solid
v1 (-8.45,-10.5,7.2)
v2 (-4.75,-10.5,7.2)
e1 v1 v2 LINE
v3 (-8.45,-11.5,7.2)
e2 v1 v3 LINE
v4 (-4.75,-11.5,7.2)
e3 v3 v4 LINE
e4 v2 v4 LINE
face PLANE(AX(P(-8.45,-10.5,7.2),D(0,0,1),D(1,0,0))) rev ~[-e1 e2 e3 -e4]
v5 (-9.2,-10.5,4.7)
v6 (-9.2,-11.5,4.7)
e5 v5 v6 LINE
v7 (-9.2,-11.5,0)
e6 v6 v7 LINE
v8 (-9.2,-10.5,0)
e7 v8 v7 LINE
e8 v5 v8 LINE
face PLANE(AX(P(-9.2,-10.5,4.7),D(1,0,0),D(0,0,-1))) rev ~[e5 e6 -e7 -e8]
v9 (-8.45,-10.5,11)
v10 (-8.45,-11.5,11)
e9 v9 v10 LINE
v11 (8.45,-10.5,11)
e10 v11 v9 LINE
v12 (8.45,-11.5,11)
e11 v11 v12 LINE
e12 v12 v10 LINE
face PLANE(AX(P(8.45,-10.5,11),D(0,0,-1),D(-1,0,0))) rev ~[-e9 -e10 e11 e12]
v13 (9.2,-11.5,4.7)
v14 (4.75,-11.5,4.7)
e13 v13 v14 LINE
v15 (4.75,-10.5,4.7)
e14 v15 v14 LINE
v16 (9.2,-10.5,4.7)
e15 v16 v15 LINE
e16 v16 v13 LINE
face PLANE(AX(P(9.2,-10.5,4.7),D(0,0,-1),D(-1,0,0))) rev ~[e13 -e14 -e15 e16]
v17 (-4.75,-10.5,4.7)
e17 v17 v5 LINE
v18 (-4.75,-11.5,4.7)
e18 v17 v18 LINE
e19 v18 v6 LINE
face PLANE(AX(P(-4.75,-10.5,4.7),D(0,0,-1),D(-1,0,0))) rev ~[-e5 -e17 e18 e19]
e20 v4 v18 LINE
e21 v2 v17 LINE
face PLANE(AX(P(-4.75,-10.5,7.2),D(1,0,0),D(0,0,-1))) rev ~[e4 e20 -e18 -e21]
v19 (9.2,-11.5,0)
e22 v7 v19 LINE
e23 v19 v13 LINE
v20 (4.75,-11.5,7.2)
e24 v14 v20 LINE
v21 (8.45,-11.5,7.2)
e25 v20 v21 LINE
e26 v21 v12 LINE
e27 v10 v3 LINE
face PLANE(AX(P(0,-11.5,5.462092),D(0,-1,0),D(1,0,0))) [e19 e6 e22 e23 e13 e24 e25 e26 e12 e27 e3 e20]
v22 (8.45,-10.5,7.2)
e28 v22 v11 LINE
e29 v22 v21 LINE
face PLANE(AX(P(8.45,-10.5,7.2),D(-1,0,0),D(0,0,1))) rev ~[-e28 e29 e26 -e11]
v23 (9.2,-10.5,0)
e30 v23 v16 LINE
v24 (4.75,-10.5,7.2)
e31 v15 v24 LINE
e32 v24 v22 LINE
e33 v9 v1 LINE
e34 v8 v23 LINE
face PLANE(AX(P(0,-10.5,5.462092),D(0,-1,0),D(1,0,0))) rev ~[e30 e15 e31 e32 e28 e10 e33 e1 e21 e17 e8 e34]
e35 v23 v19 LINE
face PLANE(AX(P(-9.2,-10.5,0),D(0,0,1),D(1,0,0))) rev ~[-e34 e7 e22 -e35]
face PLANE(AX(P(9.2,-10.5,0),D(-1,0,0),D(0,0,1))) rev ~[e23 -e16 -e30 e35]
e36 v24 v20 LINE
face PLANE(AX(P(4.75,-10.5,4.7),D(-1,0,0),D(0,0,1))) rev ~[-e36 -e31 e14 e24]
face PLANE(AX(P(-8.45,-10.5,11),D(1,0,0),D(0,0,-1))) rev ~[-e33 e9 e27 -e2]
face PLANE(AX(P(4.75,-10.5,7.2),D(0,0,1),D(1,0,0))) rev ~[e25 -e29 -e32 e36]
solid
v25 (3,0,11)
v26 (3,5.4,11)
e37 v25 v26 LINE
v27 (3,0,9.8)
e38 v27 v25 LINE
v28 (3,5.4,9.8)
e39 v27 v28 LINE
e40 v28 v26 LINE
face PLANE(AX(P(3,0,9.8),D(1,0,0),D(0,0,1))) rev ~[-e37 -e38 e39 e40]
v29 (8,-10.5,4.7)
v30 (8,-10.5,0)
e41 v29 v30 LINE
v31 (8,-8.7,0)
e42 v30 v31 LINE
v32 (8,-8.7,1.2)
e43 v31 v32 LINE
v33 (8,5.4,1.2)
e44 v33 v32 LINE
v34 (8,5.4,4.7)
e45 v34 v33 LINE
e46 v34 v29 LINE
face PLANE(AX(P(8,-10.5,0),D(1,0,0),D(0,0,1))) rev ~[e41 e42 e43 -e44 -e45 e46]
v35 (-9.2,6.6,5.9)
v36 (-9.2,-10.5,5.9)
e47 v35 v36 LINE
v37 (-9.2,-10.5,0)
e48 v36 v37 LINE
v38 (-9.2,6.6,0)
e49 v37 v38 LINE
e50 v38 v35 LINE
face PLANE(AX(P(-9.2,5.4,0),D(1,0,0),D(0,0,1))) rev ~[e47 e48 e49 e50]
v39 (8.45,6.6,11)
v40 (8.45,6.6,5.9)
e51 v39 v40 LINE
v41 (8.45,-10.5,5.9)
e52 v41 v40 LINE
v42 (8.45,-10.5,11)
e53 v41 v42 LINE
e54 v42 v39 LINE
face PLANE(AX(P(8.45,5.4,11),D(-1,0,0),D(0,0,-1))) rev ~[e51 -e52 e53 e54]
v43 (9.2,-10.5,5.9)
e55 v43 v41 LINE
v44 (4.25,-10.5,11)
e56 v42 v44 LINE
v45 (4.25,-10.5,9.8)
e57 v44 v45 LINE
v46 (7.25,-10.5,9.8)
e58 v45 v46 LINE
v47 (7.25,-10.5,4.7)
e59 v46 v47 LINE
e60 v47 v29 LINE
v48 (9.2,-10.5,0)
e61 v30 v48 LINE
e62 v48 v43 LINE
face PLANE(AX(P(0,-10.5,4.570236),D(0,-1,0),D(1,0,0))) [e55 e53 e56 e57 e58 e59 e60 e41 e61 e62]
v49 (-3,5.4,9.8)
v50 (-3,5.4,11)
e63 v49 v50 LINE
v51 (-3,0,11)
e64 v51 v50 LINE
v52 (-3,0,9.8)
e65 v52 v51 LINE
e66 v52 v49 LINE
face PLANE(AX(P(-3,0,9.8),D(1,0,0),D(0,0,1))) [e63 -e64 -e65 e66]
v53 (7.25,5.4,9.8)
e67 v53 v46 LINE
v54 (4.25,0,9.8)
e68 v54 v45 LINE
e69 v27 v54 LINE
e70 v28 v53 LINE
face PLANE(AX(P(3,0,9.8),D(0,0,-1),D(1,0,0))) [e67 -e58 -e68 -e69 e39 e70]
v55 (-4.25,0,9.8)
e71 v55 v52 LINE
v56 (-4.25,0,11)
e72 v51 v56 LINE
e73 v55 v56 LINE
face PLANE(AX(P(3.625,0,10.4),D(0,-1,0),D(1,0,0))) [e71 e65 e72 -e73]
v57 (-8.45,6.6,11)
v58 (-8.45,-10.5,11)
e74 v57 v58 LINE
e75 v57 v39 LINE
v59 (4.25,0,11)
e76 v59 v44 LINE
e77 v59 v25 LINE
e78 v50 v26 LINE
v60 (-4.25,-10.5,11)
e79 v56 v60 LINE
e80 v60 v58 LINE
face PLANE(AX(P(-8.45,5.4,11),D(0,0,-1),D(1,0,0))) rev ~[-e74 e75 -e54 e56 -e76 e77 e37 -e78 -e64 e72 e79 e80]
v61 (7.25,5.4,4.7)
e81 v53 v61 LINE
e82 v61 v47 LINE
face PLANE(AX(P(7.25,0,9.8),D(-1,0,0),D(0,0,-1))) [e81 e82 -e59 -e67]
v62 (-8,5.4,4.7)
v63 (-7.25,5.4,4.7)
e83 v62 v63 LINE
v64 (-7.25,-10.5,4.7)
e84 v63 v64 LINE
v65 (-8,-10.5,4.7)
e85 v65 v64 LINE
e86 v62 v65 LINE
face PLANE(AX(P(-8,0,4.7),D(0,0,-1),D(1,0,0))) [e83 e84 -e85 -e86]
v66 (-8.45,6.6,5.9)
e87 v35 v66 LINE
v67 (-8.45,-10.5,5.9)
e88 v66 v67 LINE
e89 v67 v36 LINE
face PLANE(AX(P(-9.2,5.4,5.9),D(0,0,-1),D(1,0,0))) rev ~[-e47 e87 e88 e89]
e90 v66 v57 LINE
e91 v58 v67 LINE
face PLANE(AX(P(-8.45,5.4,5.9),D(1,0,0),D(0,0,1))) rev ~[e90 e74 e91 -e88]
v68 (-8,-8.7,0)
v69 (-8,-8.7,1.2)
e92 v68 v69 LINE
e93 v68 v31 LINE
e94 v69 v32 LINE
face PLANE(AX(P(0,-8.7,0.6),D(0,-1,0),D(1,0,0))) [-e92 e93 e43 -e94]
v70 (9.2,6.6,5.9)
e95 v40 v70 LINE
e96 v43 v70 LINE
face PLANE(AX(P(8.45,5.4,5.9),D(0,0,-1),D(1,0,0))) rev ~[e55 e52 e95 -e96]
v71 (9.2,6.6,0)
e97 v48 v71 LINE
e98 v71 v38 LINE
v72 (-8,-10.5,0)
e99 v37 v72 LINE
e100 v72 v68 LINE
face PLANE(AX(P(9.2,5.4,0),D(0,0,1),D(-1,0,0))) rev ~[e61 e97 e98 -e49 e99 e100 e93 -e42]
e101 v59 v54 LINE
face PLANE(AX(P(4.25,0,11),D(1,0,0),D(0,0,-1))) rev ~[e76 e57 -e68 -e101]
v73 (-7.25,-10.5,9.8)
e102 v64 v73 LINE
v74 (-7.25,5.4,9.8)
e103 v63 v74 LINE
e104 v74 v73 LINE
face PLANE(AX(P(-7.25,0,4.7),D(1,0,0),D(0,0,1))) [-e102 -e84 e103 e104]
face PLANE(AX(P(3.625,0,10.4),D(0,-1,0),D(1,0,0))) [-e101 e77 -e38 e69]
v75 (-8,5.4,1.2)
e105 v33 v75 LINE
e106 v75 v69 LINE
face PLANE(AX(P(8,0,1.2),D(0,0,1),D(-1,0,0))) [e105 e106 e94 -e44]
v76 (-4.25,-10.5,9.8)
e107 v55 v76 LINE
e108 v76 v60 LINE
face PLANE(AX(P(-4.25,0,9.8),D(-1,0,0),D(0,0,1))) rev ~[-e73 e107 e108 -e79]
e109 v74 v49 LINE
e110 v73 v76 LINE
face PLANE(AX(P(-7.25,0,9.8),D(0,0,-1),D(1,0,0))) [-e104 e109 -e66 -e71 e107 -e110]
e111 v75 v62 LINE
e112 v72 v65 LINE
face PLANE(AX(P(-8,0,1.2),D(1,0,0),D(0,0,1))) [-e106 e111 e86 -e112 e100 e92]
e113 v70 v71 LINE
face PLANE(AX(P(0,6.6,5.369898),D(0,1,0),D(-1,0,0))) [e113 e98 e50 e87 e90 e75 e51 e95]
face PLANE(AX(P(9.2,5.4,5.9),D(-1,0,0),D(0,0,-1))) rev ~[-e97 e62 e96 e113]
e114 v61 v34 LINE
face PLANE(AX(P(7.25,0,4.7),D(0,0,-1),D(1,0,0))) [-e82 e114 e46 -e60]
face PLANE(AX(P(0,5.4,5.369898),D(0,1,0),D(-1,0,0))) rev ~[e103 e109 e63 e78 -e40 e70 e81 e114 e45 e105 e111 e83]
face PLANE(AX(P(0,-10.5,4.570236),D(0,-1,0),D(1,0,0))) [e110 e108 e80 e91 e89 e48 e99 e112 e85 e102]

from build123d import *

# Parameters (mm, degrees)
F1_DEPTH = 10.5
F0_W     = 1.25
F0_H     = 1.2
F2_DEPTH = 5.4
F4_DEPTH = 1.2
F5_W     = 16
F5_H     = 1.2
F6_DEPTH = 1.8
F8_DEPTH = 1


with BuildPart() as f1:
    # F0 (on Front) → F1 (new body)
    with BuildSketch(Plane.XZ):
        Polygon((-9.2, 5.9), (-9.2, 0), (9.2, 0), (9.2, 5.9), (8.45, 5.9), (8.45, 11), (4.25, 11), (4.25, 9.8), (7.25, 9.8), (7.25, 4.7), (8, 4.7), (8, 1.2), (-8, 1.2), (-8, 4.7), (-7.25, 4.7), (-7.25, 9.8), (-4.25, 9.8), (-4.25, 11), (-8.45, 11), (-8.45, 5.9), align=None)
    extrude(amount=F1_DEPTH)

    # F0 (on Front) → F2 (join)
    with BuildSketch(Plane.XZ):
        with Locations((3.625, 10.4)):
            Rectangle(F0_W, F0_H)
        Polygon((-9.2, 5.9), (-9.2, 0), (9.2, 0), (9.2, 5.9), (8.45, 5.9), (8.45, 11), (4.25, 11), (4.25, 9.8), (7.25, 9.8), (7.25, 4.7), (8, 4.7), (8, 1.2), (-8, 1.2), (-8, 4.7), (-7.25, 4.7), (-7.25, 9.8), (-4.25, 9.8), (-4.25, 11), (-8.45, 11), (-8.45, 5.9), align=None)
        with Locations((-3.625, 10.4)):
            Rectangle(F0_W, F0_H)
    extrude(amount=-F2_DEPTH)

    # F3 (on face) → F4 (join)
    with BuildSketch(Plane(origin=(0, 5.4, 0), x_dir=(-1, 0, 0), z_dir=(0, 1, 0))):
        Polygon((8.45, 11), (-8.45, 11), (-8.45, 5.9), (-9.2, 5.9), (-9.2, 0), (9.2, 0), (9.2, 5.9), (8.45, 5.9), align=None)
    extrude(amount=F4_DEPTH)

    # F5 (on face) → F6 (cut)
    with BuildSketch(Plane.XZ.offset(10.5)):
        with Locations((0, 0.6)):
            Rectangle(F5_W, F5_H)
    extrude(amount=-F6_DEPTH, mode=Mode.SUBTRACT)


with BuildPart() as f8:
    # F7 (on face) → F8 (new body)
    with BuildSketch(Plane.XZ.offset(10.5)):
        Polygon((4.75, 7.2), (8.45, 7.2), (8.45, 11), (-8.45, 11), (-8.45, 7.2), (-4.75, 7.2), (-4.75, 4.7), (-9.2, 4.7), (-9.2, 0), (9.2, 0), (9.2, 4.7), (4.75, 4.7), align=None)
    extrude(amount=F8_DEPTH)


solid = Compound([f1.part, f8.part])
